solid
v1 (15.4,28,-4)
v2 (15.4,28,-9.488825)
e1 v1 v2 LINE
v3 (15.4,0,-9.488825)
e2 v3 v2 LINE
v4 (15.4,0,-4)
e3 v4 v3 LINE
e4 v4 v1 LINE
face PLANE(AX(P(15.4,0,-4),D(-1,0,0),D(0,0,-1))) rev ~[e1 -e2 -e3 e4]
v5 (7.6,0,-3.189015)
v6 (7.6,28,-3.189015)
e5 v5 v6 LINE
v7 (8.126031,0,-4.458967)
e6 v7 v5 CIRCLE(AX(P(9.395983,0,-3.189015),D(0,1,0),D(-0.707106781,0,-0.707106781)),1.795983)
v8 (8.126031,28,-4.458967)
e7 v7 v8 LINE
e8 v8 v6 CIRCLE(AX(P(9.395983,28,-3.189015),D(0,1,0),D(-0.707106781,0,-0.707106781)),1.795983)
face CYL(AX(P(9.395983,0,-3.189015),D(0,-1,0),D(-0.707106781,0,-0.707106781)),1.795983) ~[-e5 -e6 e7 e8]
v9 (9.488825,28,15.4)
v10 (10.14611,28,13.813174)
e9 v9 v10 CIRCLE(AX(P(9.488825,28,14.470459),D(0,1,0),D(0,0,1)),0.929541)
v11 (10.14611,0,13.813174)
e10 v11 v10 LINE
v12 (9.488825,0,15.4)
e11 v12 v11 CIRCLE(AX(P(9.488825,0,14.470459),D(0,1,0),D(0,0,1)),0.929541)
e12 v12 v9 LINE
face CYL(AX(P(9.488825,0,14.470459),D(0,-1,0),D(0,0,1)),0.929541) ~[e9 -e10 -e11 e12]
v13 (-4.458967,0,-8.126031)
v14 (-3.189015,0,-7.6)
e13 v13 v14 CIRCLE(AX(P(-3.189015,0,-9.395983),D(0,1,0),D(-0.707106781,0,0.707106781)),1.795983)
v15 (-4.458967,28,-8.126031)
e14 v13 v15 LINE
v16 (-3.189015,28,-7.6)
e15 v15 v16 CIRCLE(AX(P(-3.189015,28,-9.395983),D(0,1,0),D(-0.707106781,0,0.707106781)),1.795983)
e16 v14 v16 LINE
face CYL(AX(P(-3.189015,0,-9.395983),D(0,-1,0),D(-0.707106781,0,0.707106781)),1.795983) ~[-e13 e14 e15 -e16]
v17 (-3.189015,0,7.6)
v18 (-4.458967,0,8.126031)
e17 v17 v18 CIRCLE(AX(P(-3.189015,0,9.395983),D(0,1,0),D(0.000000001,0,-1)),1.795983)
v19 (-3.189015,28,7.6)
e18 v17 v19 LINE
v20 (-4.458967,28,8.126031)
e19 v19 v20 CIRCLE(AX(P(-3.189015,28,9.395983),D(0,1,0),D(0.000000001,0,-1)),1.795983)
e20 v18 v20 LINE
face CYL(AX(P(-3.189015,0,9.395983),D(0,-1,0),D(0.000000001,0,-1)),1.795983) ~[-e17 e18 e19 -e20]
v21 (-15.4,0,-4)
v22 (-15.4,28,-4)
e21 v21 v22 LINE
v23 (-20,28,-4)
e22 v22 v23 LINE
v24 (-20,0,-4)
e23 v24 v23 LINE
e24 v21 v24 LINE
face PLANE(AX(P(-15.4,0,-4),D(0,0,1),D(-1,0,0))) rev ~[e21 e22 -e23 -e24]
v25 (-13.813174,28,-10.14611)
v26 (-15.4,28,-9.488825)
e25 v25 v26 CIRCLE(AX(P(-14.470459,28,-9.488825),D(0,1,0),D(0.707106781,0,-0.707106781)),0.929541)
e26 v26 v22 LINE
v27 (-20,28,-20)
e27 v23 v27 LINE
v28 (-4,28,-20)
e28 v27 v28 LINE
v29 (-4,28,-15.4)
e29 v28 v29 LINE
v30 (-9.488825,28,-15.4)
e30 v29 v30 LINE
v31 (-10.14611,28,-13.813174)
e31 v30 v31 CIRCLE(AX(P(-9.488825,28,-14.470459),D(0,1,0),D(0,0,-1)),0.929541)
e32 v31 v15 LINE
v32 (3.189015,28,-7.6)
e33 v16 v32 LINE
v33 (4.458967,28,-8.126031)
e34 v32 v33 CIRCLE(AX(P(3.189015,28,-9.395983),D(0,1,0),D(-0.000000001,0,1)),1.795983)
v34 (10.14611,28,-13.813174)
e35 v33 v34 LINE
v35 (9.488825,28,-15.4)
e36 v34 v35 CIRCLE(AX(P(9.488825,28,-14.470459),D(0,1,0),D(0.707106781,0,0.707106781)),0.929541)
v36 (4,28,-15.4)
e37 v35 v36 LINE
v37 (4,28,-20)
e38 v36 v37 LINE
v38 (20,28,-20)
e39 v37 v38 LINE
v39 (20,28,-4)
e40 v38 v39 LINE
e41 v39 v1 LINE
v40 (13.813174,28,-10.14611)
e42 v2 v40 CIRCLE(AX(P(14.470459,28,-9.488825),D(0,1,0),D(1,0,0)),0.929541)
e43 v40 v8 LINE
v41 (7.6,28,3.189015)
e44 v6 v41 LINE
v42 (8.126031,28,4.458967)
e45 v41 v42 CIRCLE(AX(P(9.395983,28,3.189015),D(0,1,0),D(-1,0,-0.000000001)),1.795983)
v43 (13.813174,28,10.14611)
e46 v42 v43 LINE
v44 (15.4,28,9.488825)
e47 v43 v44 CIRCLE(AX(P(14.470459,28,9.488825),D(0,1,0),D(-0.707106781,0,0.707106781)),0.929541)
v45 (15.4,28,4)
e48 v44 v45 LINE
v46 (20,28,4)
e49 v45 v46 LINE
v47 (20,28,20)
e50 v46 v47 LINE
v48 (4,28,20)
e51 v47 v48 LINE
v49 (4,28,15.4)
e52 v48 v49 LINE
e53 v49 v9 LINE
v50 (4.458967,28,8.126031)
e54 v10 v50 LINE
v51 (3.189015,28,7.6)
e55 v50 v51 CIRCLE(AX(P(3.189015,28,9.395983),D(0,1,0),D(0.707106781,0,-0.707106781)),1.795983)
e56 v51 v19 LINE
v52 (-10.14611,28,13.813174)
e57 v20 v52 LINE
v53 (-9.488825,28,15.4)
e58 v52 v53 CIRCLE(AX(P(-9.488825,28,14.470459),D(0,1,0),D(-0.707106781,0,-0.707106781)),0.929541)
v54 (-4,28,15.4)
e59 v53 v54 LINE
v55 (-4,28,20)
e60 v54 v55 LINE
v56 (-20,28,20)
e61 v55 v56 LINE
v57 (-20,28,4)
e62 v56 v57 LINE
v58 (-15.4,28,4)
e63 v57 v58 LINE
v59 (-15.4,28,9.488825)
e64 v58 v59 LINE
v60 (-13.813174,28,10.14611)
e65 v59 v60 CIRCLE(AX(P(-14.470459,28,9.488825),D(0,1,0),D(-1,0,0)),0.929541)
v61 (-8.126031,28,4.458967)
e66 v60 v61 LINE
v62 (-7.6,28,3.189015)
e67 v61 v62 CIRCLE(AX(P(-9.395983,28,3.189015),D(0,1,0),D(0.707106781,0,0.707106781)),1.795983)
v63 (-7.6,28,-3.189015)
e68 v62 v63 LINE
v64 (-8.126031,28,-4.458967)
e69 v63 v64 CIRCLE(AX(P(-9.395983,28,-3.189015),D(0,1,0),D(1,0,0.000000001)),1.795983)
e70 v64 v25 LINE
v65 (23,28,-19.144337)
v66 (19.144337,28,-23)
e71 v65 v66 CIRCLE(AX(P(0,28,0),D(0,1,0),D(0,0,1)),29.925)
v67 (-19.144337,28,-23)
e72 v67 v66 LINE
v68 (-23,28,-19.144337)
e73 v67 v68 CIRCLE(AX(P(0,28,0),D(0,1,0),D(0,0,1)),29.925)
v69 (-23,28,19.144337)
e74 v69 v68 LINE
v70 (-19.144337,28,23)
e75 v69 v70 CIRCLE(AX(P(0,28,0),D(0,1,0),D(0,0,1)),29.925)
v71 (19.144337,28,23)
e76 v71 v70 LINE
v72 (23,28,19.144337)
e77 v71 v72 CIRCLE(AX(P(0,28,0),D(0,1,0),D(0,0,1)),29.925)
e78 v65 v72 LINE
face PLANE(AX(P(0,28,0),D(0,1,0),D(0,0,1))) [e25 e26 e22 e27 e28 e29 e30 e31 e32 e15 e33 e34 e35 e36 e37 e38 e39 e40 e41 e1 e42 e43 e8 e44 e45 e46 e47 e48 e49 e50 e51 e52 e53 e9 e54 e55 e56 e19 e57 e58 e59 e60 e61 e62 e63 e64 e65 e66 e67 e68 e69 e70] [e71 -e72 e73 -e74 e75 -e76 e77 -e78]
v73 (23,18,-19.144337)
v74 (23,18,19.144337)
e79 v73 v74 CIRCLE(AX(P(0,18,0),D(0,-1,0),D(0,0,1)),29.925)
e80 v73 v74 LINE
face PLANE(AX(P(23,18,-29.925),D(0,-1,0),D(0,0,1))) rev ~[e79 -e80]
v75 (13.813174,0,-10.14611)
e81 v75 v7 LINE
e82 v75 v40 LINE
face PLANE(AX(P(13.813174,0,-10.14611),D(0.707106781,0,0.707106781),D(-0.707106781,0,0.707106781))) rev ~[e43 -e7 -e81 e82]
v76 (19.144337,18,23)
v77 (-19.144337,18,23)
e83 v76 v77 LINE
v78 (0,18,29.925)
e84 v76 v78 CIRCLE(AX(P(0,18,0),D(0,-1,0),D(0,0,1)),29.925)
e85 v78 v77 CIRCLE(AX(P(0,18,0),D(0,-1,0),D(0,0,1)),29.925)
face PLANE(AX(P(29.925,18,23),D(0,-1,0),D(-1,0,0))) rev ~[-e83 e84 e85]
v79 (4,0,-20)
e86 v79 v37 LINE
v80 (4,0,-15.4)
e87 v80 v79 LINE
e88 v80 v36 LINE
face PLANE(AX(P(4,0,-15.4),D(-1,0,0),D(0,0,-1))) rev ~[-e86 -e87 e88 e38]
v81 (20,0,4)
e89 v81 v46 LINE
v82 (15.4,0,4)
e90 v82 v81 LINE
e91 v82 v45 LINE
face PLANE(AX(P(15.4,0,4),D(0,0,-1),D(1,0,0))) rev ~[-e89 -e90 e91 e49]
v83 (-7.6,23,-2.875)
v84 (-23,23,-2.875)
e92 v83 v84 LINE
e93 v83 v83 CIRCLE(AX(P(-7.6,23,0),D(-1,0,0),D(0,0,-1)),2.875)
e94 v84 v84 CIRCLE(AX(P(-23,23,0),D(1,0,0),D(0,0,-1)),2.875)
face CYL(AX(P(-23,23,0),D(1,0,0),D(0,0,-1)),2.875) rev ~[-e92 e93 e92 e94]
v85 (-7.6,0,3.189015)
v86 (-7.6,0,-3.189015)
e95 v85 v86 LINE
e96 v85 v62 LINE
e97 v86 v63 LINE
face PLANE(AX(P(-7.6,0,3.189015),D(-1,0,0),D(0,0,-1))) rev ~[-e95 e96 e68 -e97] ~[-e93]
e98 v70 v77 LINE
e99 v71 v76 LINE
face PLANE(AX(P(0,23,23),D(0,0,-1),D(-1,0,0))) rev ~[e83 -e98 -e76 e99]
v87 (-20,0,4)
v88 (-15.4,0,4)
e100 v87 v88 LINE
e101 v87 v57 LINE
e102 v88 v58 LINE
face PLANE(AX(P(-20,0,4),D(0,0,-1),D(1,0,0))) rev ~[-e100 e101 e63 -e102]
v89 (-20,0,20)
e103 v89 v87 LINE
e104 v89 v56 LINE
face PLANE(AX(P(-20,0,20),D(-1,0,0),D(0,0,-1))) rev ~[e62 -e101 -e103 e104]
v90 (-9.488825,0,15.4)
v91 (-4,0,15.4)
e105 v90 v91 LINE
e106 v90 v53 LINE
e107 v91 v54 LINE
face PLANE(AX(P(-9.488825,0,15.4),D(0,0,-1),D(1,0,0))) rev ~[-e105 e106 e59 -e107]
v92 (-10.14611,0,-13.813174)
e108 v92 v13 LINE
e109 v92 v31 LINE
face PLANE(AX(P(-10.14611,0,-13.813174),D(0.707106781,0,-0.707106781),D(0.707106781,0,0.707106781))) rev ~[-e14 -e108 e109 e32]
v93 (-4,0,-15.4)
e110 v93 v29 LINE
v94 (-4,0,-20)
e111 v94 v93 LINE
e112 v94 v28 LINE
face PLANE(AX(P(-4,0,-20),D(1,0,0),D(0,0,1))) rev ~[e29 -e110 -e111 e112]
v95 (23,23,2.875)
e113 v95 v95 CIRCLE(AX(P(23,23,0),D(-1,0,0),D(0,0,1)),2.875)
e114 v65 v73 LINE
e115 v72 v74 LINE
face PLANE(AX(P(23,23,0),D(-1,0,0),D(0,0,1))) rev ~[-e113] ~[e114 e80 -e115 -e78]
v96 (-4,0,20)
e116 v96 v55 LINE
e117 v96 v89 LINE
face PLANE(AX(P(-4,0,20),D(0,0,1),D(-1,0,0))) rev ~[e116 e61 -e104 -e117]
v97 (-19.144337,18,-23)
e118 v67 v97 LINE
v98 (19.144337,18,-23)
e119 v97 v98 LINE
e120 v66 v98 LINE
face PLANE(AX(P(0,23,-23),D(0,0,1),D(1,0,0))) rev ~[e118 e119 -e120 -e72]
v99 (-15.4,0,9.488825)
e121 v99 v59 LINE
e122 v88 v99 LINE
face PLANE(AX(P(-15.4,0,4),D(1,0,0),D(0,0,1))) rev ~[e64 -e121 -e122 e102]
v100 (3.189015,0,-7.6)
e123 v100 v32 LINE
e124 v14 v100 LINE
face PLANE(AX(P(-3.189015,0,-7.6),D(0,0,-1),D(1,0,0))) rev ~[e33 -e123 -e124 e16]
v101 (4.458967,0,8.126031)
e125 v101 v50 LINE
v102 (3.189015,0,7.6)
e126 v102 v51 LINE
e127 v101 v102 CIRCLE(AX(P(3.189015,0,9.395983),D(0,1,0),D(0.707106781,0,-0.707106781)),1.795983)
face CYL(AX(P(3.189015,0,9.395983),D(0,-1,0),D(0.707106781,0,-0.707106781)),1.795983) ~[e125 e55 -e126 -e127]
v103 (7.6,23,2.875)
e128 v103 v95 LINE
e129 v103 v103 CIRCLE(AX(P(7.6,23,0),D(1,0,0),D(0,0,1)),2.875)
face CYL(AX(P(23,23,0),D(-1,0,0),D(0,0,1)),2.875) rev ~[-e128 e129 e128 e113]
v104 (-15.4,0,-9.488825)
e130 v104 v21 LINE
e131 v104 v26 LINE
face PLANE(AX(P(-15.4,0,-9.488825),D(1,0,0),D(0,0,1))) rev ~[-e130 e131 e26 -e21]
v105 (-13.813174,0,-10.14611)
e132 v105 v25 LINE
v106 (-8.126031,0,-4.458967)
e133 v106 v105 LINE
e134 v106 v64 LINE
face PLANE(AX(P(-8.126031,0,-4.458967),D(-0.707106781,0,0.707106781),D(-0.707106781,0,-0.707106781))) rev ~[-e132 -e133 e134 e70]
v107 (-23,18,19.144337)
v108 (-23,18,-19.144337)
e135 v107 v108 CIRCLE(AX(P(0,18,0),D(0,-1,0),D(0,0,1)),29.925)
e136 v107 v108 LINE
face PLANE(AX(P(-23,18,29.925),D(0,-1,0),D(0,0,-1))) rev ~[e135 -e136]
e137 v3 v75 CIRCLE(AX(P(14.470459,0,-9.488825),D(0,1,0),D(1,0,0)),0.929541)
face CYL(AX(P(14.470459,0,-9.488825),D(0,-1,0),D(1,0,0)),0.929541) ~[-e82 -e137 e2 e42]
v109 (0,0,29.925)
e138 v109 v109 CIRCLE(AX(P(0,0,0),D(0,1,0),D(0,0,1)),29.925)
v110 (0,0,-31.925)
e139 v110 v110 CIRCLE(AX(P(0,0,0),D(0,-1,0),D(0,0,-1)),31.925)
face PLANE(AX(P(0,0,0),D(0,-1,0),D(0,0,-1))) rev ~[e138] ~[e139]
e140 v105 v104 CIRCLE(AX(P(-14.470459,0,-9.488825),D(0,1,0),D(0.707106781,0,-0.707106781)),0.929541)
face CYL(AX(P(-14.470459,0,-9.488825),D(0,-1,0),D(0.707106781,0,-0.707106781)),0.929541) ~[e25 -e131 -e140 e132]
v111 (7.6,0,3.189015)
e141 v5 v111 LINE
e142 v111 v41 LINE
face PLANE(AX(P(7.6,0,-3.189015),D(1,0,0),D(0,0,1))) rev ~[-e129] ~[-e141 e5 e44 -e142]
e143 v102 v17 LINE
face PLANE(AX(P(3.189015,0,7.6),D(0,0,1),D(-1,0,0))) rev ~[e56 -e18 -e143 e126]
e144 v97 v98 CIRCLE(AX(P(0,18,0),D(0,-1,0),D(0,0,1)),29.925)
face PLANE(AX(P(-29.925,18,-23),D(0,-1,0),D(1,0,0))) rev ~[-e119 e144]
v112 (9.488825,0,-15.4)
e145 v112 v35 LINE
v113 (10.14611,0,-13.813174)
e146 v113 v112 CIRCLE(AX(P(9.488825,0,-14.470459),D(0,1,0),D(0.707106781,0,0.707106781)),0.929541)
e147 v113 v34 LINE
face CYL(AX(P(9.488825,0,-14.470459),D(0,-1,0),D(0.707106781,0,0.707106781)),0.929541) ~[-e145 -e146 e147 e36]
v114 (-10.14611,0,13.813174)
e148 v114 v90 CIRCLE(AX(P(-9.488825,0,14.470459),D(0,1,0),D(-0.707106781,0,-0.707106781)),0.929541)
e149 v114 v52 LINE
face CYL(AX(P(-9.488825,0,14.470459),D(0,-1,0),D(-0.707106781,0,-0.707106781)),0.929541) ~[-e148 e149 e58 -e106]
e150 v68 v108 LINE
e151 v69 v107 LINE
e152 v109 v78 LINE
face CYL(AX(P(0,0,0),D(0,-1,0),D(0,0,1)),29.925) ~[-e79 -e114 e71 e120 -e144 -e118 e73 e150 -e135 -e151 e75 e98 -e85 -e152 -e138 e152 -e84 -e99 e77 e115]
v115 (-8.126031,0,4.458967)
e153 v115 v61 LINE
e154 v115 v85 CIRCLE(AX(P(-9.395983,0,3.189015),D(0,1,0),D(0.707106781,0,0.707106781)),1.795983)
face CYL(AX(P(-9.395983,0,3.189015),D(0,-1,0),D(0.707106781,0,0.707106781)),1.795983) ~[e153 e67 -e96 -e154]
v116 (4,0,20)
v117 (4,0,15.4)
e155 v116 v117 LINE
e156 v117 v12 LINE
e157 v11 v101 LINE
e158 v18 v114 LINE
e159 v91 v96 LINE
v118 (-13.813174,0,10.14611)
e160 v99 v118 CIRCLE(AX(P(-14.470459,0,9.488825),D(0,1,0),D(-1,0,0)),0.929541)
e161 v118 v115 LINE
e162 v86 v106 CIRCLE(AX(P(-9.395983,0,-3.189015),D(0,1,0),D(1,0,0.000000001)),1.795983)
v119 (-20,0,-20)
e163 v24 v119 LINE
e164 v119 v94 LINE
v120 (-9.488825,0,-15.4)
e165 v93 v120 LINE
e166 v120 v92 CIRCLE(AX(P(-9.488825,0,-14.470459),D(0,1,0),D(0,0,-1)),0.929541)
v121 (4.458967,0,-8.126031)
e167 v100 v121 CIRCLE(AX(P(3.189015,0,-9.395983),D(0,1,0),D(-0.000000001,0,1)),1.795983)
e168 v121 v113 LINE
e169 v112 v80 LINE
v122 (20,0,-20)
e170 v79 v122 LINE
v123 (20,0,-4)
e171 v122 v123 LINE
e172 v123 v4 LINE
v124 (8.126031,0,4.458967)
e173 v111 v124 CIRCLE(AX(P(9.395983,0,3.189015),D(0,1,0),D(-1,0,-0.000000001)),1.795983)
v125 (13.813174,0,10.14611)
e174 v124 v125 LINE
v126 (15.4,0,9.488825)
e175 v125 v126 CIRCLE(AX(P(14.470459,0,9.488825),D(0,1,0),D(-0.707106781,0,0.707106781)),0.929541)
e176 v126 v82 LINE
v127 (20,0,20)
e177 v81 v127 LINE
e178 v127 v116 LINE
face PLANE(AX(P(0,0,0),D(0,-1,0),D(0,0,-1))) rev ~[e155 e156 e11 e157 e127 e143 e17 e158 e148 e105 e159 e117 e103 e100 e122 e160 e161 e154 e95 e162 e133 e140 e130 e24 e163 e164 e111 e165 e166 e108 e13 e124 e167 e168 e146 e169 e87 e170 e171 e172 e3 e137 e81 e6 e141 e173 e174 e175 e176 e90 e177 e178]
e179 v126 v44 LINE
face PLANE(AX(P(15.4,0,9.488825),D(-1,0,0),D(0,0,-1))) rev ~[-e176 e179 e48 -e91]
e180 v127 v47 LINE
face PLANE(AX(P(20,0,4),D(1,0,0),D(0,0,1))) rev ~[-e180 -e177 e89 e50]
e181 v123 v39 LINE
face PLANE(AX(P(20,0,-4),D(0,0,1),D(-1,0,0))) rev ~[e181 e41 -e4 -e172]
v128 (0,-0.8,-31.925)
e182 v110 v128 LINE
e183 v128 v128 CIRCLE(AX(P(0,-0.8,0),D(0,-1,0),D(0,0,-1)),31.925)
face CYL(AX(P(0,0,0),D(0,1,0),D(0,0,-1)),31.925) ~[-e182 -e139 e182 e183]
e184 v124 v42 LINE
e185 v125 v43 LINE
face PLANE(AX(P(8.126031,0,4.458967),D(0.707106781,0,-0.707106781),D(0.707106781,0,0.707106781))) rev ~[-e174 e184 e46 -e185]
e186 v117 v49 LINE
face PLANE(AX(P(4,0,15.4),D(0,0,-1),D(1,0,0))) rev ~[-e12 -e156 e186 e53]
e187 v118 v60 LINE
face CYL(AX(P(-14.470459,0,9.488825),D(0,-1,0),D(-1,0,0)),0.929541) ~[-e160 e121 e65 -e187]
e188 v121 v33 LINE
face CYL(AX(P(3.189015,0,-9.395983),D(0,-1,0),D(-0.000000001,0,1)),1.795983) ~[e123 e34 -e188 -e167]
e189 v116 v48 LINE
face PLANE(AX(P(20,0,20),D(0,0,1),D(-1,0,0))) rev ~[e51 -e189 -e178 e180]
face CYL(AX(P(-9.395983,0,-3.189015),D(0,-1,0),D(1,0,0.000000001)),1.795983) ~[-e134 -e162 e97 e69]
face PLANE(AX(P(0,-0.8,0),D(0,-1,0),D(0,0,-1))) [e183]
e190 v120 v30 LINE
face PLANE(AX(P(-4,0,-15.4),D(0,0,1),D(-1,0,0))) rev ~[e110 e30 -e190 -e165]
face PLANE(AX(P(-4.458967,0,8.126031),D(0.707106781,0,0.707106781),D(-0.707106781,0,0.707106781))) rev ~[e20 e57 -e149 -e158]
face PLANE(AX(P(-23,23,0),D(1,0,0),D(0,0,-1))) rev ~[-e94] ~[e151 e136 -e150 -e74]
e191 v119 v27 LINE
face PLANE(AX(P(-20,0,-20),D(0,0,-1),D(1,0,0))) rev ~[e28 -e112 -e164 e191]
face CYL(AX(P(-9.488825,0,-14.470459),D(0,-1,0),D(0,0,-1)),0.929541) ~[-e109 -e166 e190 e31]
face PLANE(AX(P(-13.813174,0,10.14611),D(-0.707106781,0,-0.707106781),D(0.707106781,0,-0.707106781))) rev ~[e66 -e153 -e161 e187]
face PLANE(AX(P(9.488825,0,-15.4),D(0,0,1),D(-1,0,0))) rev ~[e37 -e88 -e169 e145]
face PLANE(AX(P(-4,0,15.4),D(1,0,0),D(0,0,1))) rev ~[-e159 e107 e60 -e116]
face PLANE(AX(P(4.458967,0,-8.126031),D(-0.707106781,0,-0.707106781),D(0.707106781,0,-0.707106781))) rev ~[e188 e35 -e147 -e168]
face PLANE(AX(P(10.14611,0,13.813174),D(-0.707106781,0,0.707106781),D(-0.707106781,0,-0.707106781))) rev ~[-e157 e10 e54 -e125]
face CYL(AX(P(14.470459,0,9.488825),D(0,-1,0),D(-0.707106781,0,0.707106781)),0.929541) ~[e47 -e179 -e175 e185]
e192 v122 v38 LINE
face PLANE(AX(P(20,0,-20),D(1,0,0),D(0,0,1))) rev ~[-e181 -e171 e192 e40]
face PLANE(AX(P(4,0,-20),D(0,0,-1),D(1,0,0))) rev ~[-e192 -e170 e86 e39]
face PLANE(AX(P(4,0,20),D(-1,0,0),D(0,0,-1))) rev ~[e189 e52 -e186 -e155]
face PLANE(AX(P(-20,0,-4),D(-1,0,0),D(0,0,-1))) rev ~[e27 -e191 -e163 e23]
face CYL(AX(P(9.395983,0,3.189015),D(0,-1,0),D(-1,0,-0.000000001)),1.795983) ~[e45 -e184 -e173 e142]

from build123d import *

# Parameters (mm, degrees)
SKIZZE1_R                                   = 29.925
AUFSATZ_LINEAR_AUSTRAGEN1_DEPTH             = 28
SCHNITT_LINEAR_AUSTRAGEN1_REACH             = 68.937
SKIZZE3_R                                   = 2.875
SCHNITT_LINEAR_AUSTRAGEN1_DIRECTION_2_DEPTH = 10
SKIZZE4_W                                   = 59.85
SKIZZE4_H                                   = 10
SCHNITT_LINEAR_AUSTRAGEN2_DEPTH             = 10
KREISMUSTER1_COUNT                          = 2
KREISMUSTER2_COUNT                          = 4
SKIZZE5_R                                   = 31.925
AUFSATZ_LINEAR_AUSTRAGEN2_DEPTH             = 0.8


with BuildPart() as part:
    # Skizze1 → Aufsatz-Linear austragen1 (new body)
    with BuildSketch(Plane(origin=(0, 0, 0), x_dir=(1, 0, 0), z_dir=(0, 1, 0))):
        Circle(SKIZZE1_R)
        with BuildLine():
            Line((-4, -20), (-20, -20))
            Line((-20, -20), (-20, -4))
            Line((-20, -4), (-15.4, -4))
            Line((-15.4, -4), (-15.4, -9.488825196))
            ThreePointArc((-15.4, -9.488825196), (-14.826178869, -10.347609207), (-13.813174058, -10.146110022))
            Line((-13.813174058, -10.146110022), (-8.12603127, -4.458967234))
            ThreePointArc((-8.12603127, -4.458967234), (-7.736711073, -3.876308384), (-7.6, -3.189015407))
            Line((-7.6, -3.189015407), (-7.6, 3.189015407))
            ThreePointArc((-7.6, 3.189015407), (-7.736711073, 3.876308384), (-8.12603127, 4.458967234))
            Line((-8.12603127, 4.458967234), (-13.813174058, 10.146110022))
            ThreePointArc((-13.813174058, 10.146110022), (-14.826178869, 10.347609207), (-15.4, 9.488825196))
            Line((-15.4, 9.488825196), (-15.4, 4))
            Line((-15.4, 4), (-20, 4))
            Line((-20, 4), (-20, 20))
            Line((-20, 20), (-4, 20))
            Line((-4, 20), (-4, 15.4))
            Line((-4, 15.4), (-9.488825196, 15.4))
            ThreePointArc((-9.488825196, 15.4), (-10.347609207, 14.826178869), (-10.146110022, 13.813174058))
            Line((-10.146110022, 13.813174058), (-4.458967234, 8.12603127))
            ThreePointArc((-4.458967234, 8.12603127), (-3.876308384, 7.736711073), (-3.189015407, 7.6))
            Line((-3.189015407, 7.6), (3.189015407, 7.6))
            ThreePointArc((3.189015407, 7.6), (3.876308384, 7.736711073), (4.458967234, 8.12603127))
            Line((4.458967234, 8.12603127), (10.146110022, 13.813174058))
            ThreePointArc((10.146110022, 13.813174058), (10.347609207, 14.826178869), (9.488825196, 15.4))
            Line((9.488825196, 15.4), (4, 15.4))
            Line((4, 15.4), (4, 20))
            Line((4, 20), (20, 20))
            Line((20, 20), (20, 4))
            Line((20, 4), (15.4, 4))
            Line((15.4, 4), (15.4, 9.488825196))
            ThreePointArc((15.4, 9.488825196), (14.826178869, 10.347609207), (13.813174058, 10.146110022))
            Line((13.813174058, 10.146110022), (8.12603127, 4.458967234))
            ThreePointArc((8.12603127, 4.458967234), (7.736711073, 3.876308384), (7.6, 3.189015407))
            Line((7.6, 3.189015407), (7.6, -3.189015407))
            ThreePointArc((7.6, -3.189015407), (7.736711073, -3.876308384), (8.12603127, -4.458967234))
            Line((8.12603127, -4.458967234), (13.813174058, -10.146110022))
            ThreePointArc((13.813174058, -10.146110022), (14.826178869, -10.347609207), (15.4, -9.488825196))
            Line((15.4, -9.488825196), (15.4, -4))
            Line((15.4, -4), (20, -4))
            Line((20, -4), (20, -20))
            Line((20, -20), (4, -20))
            Line((4, -20), (4, -15.4))
            Line((4, -15.4), (9.488825196, -15.4))
            ThreePointArc((9.488825196, -15.4), (10.347609207, -14.826178869), (10.146110022, -13.813174058))
            Line((10.146110022, -13.813174058), (4.458967234, -8.12603127))
            ThreePointArc((4.458967234, -8.12603127), (3.876308384, -7.736711073), (3.189015407, -7.6))
            Line((3.189015407, -7.6), (-3.189015407, -7.6))
            ThreePointArc((-3.189015407, -7.6), (-3.876308384, -7.736711073), (-4.458967234, -8.12603127))
            Line((-4.458967234, -8.12603127), (-10.146110022, -13.813174058))
            ThreePointArc((-10.146110022, -13.813174058), (-10.347609207, -14.826178869), (-9.488825196, -15.4))
            Line((-9.488825196, -15.4), (-4, -15.4))
            Line((-4, -15.4), (-4, -20))
        make_face(mode=Mode.SUBTRACT)
    extrude(amount=AUFSATZ_LINEAR_AUSTRAGEN1_DEPTH)

    # Skizze3 → Schnitt-Linear austragen1 (cut, up to next)
    with BuildSketch(Plane.ZY.offset(-23), mode=Mode.PRIVATE) as schnitt_linear_austragen1_sk1:
        with Locations((0, 23)):
            Circle(SKIZZE3_R)
    schnitt_linear_austragen1_tool1 = extrude(schnitt_linear_austragen1_sk1.sketch, amount=SCHNITT_LINEAR_AUSTRAGEN1_REACH, mode=Mode.PRIVATE) & part.part
    schnitt_linear_austragen1 = schnitt_linear_austragen1_tool1.solids().sort_by_distance((23, 23, 0))[0]
    add(schnitt_linear_austragen1, mode=Mode.SUBTRACT)

    # Skizze3 → Schnitt-Linear austragen1 direction 2 (cut)
    with BuildSketch(Plane.ZY.offset(-23)):
        with Locations((0, 23)):
            Circle(SKIZZE3_R)
    schnitt_linear_austragen1_direction_2 = extrude(amount=-SCHNITT_LINEAR_AUSTRAGEN1_DIRECTION_2_DEPTH, mode=Mode.SUBTRACT)

    # Skizze4 → Schnitt-Linear austragen2 (cut)
    with BuildSketch(Plane.ZY.offset(-23)):
        with Locations((0, 23)):
            Rectangle(SKIZZE4_W, SKIZZE4_H)
    schnitt_linear_austragen2 = extrude(amount=-SCHNITT_LINEAR_AUSTRAGEN2_DEPTH, mode=Mode.SUBTRACT)

    # Kreismuster1: Schnitt-Linear austragen1, Schnitt-Linear austragen1 direction 2 ×2 about axis
    kreismuster1_axis = Axis((0, 28, 0), (0, -1, 0))
    add([schnitt_linear_austragen1.rotate(kreismuster1_axis, i * 360 / KREISMUSTER1_COUNT) for i in range(1, KREISMUSTER1_COUNT)], mode=Mode.SUBTRACT)
    add([schnitt_linear_austragen1_direction_2.rotate(kreismuster1_axis, i * 360 / KREISMUSTER1_COUNT) for i in range(1, KREISMUSTER1_COUNT)], mode=Mode.SUBTRACT)

    # Kreismuster2: Schnitt-Linear austragen2 ×4 about axis
    kreismuster2_axis = Axis((0, 28, 0), (0, -1, 0))
    for i in range(1, KREISMUSTER2_COUNT):
        add(schnitt_linear_austragen2.rotate(kreismuster2_axis, i * 360 / KREISMUSTER2_COUNT), mode=Mode.SUBTRACT)

    # Skizze5 → Aufsatz-Linear austragen2 (add)
    with BuildSketch(Plane.XZ):
        Circle(SKIZZE5_R)
    extrude(amount=AUFSATZ_LINEAR_AUSTRAGEN2_DEPTH)


solid = part.part
